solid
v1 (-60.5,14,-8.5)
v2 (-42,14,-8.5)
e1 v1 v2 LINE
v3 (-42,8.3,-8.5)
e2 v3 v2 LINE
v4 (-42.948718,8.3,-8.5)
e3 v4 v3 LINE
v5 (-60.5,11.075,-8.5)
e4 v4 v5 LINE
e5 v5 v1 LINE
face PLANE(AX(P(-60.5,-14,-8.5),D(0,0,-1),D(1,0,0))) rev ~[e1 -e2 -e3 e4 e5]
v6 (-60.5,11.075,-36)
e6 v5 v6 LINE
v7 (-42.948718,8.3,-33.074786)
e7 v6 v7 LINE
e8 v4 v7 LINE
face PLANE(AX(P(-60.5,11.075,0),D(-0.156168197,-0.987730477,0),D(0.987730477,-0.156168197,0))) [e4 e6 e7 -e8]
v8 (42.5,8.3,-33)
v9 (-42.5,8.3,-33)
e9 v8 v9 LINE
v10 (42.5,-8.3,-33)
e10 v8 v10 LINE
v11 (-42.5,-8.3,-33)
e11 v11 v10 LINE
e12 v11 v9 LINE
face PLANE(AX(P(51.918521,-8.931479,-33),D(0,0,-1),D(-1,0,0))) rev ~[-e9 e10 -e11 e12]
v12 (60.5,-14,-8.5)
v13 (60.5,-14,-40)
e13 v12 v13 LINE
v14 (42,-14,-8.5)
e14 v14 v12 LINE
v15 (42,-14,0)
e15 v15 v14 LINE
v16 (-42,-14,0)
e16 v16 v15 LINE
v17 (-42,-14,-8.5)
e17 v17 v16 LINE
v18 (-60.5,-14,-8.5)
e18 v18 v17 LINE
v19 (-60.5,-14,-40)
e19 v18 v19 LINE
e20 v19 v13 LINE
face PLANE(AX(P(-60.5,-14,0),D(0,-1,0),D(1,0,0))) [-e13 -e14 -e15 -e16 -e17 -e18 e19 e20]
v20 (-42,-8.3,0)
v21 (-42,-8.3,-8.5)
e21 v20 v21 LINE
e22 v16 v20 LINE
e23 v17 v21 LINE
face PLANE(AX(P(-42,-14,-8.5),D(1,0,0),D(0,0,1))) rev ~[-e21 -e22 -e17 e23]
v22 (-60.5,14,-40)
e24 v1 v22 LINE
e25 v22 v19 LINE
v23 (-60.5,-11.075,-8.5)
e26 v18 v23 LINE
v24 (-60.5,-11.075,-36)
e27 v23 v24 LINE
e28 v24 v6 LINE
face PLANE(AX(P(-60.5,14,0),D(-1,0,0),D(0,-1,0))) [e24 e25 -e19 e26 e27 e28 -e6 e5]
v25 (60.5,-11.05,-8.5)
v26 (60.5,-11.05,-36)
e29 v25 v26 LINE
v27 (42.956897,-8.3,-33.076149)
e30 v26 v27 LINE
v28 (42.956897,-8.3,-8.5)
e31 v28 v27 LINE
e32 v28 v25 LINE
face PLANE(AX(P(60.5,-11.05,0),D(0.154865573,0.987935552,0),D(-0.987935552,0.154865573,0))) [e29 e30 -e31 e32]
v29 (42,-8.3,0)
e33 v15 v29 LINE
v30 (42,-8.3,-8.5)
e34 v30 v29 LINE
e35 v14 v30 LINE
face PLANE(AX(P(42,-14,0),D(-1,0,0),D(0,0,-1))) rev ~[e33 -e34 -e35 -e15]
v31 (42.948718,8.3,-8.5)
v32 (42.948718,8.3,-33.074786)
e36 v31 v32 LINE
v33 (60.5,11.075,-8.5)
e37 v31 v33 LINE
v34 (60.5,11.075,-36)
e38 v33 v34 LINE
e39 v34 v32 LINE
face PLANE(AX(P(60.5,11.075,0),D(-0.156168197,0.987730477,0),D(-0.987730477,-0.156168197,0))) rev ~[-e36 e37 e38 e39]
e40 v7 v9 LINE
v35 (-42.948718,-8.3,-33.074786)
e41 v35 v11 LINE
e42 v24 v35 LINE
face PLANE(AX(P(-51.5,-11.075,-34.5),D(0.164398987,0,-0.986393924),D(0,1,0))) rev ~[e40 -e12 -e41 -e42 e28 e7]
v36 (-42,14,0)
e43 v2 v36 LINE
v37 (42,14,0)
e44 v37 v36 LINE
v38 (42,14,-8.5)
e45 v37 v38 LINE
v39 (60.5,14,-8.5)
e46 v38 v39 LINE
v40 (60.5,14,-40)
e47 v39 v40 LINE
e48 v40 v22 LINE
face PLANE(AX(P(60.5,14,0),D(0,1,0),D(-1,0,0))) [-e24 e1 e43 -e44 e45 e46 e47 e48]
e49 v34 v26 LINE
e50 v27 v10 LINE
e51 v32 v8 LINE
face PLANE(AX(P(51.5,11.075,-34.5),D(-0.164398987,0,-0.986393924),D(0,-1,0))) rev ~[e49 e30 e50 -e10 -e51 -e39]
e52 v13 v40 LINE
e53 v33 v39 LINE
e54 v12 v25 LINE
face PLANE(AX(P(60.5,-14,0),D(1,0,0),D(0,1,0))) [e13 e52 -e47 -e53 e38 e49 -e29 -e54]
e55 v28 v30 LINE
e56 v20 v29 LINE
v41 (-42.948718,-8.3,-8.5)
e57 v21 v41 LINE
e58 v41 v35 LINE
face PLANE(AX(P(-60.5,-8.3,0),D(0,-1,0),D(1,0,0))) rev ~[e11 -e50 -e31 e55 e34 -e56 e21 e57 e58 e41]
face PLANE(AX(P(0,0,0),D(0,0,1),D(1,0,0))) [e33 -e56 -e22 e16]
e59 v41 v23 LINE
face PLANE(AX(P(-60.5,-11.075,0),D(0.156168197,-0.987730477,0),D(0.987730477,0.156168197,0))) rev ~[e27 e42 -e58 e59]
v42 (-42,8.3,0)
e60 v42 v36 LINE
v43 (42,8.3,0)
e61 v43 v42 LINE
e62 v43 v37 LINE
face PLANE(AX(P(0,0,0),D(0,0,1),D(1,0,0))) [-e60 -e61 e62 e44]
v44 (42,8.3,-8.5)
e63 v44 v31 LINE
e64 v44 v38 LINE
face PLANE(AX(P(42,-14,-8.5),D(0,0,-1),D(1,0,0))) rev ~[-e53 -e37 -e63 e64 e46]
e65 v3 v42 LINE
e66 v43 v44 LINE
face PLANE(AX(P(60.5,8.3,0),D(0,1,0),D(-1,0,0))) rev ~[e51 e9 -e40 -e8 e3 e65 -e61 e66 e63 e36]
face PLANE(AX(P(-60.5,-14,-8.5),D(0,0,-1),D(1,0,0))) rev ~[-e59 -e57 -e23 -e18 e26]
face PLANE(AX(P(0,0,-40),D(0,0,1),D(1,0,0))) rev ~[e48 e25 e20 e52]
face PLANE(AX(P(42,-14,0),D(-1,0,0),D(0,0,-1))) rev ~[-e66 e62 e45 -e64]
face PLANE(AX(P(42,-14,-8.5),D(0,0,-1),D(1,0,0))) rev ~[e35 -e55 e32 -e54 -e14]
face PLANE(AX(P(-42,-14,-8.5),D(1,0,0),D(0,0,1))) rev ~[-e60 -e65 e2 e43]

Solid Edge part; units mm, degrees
sketch "Sketch1" plane through (0, 0, 0) normal (0, 0, 1) x (1, 0, 0)
  line L0 (-60.5, -14) -> (60.5, -14)
  line L1 (60.5, -14) -> (60.5, 14)
  line L2 (60.5, 14) -> (-60.5, 14)
  line L3 (-60.5, 14) -> (-60.5, -14)
extrude "Protrusion1" add sketch "Sketch1" against normal blind 40
sketch "Sketch2" plane through (0, -14, -20) normal (0, -1, 0) x (1, 0, 0)
  line L0 (60.5, 20) -> (42, 20)
  line L1 (42, 20) -> (42, 11.5)
  line L2 (42, 11.5) -> (60.5, 11.5)
  line L3 (60.5, 11.5) -> (60.5, 20)
  line L4 (-60.5, 11.5) -> (-42, 11.5)
  line L5 (-42, 11.5) -> (-42, 20)
  line L6 (-42, 20) -> (-60.5, 20)
  line L7 (-60.5, 20) -> (-60.5, 11.5)
extrude "ExtrudedCutout_1" cut sketch "Sketch2" against normal blind 28
extrude "Cutout1" [suppressed]
sketch "Sketch3" plane through (0, 11.075, 0) normal (0, 0, 1) x (1, 0, 0)
  line L0 (60.5, -2.925) -> (60.5, 0)
  line L1 (60.5, 0) -> (42, -2.925)
  line L2 (42, -2.925) -> (60.5, -2.925)
  line L3 (60.5, -19.225) -> (60.5, -22.125)
  line L4 (60.5, -22.125) -> (42, -19.225)
  line L5 (42, -19.225) -> (60.5, -19.225)
  line L6 (-60.5, -2.925) -> (-60.5, 0)
  line L7 (-60.5, 0) -> (-42, -2.925)
  line L8 (-42, -2.925) -> (-60.5, -2.925)
  line L9 (-60.5, -19.225) -> (-60.5, -22.15)
  line L10 (-60.5, -22.15) -> (-42, -19.225)
  line L11 (-42, -19.225) -> (-60.5, -19.225)
extrude "ExtrudedCutout_4" cut sketch "Sketch3" against normal blind 33
sketch "Sketch4" plane through (0, 0, 0) normal (0, 0, 1) x (1, 0, 0)
  line L0 (-60.5, -8.3) -> (60.5, -8.3)
  line L1 (60.5, -8.3) -> (60.5, 8.3)
  line L2 (60.5, 8.3) -> (-60.5, 8.3)
  line L3 (-60.5, 8.3) -> (-60.5, -8.3)
extrude "ExtrudedCutout_5" cut sketch "Sketch4" against normal blind 33
chamfer "Chamfer_2" distance 3 distance2 18 1 edges at (-60.5, 0, -33) measured on face at (-60.5, 9.6133, -34.435)
chamfer "Chamfer_3" distance 3 distance2 18 1 edges at (60.5, 0.0125, -33) measured on face at (60.5, -9.6133, -34.435)
